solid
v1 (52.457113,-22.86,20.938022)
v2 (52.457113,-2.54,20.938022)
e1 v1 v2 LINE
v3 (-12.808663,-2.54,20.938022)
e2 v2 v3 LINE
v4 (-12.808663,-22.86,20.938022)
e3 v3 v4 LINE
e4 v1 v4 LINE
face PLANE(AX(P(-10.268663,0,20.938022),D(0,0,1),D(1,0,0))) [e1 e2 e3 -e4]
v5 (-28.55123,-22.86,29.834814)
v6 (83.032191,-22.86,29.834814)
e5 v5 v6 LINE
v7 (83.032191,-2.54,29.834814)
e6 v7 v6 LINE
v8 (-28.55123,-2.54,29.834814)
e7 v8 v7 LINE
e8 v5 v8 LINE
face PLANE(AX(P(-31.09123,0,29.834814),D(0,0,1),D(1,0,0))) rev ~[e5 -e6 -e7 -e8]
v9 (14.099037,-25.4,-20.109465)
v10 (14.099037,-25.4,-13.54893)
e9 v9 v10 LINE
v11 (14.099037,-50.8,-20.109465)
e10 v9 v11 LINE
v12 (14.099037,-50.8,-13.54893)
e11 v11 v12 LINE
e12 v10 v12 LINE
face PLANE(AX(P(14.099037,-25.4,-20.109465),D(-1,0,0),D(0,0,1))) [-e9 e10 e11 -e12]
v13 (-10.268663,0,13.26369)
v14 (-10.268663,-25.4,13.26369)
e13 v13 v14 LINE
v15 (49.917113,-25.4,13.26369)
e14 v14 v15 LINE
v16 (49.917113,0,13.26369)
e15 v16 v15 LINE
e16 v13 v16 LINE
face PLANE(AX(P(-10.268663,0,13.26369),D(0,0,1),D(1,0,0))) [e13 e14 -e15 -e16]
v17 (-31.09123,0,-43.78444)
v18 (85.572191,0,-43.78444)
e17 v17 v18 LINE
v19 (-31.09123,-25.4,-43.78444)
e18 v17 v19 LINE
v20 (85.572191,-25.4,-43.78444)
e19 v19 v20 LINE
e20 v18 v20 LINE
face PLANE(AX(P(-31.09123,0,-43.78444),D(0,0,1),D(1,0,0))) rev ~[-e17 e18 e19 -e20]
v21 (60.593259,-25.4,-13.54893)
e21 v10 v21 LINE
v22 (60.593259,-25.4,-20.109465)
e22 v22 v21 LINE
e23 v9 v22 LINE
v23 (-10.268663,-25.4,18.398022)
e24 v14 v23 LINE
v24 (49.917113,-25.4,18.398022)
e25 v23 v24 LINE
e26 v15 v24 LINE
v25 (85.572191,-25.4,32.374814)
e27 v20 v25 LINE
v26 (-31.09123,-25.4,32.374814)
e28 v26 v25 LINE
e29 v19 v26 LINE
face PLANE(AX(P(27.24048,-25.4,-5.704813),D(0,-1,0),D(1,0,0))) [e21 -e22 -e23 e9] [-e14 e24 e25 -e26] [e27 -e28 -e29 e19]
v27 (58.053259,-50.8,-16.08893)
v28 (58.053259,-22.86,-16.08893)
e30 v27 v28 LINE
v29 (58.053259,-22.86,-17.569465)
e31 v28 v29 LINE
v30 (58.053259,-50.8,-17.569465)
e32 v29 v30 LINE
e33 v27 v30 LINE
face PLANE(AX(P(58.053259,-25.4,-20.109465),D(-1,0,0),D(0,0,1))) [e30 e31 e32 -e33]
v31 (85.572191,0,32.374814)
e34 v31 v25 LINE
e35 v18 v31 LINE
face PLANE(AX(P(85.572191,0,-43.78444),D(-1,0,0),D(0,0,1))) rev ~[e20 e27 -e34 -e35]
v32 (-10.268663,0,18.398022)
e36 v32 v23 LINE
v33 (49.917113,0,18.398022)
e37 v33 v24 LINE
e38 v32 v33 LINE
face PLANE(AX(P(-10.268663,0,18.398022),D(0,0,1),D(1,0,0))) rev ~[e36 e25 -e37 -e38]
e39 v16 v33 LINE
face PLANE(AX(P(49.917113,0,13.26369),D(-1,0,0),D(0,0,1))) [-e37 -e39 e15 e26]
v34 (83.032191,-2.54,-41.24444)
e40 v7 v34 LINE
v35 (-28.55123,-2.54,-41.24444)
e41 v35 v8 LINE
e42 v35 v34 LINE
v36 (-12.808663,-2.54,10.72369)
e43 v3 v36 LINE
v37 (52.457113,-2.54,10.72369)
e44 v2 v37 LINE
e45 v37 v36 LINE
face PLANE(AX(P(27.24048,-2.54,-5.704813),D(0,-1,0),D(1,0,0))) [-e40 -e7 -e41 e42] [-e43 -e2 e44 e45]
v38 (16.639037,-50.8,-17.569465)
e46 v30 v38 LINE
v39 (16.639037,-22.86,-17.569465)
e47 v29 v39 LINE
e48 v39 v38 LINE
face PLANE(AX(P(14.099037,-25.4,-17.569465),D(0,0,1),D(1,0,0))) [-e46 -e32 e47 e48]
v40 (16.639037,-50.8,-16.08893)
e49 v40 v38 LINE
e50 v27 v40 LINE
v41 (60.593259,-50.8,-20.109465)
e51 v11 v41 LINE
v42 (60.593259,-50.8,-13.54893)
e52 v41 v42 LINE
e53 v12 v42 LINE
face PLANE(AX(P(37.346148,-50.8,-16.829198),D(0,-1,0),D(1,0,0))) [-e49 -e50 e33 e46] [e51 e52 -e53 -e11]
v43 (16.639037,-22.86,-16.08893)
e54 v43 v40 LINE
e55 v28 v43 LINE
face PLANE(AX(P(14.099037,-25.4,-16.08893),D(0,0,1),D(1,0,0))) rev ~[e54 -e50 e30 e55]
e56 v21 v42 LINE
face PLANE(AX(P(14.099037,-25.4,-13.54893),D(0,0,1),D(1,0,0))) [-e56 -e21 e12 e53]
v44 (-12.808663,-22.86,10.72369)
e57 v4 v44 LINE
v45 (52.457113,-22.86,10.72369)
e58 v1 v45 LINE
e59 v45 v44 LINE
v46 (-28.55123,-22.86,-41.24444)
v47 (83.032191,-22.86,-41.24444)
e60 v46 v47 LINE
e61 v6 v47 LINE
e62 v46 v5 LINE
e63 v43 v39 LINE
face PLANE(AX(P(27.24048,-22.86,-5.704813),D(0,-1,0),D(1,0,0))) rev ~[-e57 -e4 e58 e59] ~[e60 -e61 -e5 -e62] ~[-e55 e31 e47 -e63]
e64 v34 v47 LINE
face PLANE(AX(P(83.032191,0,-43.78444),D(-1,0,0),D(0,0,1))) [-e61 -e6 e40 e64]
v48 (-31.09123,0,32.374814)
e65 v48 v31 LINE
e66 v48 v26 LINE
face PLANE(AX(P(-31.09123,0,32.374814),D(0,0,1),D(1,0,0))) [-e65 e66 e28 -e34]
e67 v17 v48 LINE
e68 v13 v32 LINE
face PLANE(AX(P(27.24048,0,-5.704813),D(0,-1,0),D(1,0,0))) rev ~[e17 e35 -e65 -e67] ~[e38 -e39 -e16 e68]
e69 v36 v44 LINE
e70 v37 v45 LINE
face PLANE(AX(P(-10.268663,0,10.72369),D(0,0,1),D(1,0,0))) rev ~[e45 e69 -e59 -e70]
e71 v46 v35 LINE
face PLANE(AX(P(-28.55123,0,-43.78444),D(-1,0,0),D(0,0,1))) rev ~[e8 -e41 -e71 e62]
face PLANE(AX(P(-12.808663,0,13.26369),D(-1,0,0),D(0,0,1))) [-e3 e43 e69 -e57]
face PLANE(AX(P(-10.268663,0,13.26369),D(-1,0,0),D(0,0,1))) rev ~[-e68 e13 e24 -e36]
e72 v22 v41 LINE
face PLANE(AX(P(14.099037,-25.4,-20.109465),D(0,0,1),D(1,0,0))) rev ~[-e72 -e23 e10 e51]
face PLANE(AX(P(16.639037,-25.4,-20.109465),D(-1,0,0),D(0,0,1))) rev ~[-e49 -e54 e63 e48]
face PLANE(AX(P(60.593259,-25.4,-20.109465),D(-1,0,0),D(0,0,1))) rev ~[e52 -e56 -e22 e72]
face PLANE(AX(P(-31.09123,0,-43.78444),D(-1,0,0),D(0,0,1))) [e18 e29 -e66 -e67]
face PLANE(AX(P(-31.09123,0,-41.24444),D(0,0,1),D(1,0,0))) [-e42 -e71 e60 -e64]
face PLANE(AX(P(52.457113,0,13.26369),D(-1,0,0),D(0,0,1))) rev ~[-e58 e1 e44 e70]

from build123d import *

# Parameters (mm, degrees)
F0_W     = 116.6634205729
F0_H     = 76.1592537165
F0_W_2   = 60.1857760921
F0_H_2   = 5.1343319938
F1_DEPTH = 25.4
F2_W     = 46.4942213148
F2_H     = 6.5605351701
F3_DEPTH = 25.4
F4_T     = -2.54


with BuildPart() as f1:
    # F0 (on Front) → F1 (new body)
    with BuildSketch(Plane.XZ):
        with Locations((27.2404802963, -5.7048127055)):
            Rectangle(F0_W, F0_H)
        with Locations((19.8242249899, 15.8308562823)):
            Rectangle(F0_W_2, F0_H_2, mode=Mode.SUBTRACT)
    extrude(amount=F1_DEPTH)

    # F2 (on face) → F3 (join)
    with BuildSketch(Plane.XZ.offset(25.4)):
        with Locations((37.3461479321, -16.8291977607)):
            Rectangle(F2_W, F2_H)
    extrude(amount=F3_DEPTH)

    # F4
    f4_openings = [f1.faces().sort_by_distance(p)[0] for p in [
        (37.346148, -50.8, -16.829198),
    ]]
    offset(amount=F4_T, openings=f4_openings, kind=Kind.INTERSECTION)


solid = f1.part
